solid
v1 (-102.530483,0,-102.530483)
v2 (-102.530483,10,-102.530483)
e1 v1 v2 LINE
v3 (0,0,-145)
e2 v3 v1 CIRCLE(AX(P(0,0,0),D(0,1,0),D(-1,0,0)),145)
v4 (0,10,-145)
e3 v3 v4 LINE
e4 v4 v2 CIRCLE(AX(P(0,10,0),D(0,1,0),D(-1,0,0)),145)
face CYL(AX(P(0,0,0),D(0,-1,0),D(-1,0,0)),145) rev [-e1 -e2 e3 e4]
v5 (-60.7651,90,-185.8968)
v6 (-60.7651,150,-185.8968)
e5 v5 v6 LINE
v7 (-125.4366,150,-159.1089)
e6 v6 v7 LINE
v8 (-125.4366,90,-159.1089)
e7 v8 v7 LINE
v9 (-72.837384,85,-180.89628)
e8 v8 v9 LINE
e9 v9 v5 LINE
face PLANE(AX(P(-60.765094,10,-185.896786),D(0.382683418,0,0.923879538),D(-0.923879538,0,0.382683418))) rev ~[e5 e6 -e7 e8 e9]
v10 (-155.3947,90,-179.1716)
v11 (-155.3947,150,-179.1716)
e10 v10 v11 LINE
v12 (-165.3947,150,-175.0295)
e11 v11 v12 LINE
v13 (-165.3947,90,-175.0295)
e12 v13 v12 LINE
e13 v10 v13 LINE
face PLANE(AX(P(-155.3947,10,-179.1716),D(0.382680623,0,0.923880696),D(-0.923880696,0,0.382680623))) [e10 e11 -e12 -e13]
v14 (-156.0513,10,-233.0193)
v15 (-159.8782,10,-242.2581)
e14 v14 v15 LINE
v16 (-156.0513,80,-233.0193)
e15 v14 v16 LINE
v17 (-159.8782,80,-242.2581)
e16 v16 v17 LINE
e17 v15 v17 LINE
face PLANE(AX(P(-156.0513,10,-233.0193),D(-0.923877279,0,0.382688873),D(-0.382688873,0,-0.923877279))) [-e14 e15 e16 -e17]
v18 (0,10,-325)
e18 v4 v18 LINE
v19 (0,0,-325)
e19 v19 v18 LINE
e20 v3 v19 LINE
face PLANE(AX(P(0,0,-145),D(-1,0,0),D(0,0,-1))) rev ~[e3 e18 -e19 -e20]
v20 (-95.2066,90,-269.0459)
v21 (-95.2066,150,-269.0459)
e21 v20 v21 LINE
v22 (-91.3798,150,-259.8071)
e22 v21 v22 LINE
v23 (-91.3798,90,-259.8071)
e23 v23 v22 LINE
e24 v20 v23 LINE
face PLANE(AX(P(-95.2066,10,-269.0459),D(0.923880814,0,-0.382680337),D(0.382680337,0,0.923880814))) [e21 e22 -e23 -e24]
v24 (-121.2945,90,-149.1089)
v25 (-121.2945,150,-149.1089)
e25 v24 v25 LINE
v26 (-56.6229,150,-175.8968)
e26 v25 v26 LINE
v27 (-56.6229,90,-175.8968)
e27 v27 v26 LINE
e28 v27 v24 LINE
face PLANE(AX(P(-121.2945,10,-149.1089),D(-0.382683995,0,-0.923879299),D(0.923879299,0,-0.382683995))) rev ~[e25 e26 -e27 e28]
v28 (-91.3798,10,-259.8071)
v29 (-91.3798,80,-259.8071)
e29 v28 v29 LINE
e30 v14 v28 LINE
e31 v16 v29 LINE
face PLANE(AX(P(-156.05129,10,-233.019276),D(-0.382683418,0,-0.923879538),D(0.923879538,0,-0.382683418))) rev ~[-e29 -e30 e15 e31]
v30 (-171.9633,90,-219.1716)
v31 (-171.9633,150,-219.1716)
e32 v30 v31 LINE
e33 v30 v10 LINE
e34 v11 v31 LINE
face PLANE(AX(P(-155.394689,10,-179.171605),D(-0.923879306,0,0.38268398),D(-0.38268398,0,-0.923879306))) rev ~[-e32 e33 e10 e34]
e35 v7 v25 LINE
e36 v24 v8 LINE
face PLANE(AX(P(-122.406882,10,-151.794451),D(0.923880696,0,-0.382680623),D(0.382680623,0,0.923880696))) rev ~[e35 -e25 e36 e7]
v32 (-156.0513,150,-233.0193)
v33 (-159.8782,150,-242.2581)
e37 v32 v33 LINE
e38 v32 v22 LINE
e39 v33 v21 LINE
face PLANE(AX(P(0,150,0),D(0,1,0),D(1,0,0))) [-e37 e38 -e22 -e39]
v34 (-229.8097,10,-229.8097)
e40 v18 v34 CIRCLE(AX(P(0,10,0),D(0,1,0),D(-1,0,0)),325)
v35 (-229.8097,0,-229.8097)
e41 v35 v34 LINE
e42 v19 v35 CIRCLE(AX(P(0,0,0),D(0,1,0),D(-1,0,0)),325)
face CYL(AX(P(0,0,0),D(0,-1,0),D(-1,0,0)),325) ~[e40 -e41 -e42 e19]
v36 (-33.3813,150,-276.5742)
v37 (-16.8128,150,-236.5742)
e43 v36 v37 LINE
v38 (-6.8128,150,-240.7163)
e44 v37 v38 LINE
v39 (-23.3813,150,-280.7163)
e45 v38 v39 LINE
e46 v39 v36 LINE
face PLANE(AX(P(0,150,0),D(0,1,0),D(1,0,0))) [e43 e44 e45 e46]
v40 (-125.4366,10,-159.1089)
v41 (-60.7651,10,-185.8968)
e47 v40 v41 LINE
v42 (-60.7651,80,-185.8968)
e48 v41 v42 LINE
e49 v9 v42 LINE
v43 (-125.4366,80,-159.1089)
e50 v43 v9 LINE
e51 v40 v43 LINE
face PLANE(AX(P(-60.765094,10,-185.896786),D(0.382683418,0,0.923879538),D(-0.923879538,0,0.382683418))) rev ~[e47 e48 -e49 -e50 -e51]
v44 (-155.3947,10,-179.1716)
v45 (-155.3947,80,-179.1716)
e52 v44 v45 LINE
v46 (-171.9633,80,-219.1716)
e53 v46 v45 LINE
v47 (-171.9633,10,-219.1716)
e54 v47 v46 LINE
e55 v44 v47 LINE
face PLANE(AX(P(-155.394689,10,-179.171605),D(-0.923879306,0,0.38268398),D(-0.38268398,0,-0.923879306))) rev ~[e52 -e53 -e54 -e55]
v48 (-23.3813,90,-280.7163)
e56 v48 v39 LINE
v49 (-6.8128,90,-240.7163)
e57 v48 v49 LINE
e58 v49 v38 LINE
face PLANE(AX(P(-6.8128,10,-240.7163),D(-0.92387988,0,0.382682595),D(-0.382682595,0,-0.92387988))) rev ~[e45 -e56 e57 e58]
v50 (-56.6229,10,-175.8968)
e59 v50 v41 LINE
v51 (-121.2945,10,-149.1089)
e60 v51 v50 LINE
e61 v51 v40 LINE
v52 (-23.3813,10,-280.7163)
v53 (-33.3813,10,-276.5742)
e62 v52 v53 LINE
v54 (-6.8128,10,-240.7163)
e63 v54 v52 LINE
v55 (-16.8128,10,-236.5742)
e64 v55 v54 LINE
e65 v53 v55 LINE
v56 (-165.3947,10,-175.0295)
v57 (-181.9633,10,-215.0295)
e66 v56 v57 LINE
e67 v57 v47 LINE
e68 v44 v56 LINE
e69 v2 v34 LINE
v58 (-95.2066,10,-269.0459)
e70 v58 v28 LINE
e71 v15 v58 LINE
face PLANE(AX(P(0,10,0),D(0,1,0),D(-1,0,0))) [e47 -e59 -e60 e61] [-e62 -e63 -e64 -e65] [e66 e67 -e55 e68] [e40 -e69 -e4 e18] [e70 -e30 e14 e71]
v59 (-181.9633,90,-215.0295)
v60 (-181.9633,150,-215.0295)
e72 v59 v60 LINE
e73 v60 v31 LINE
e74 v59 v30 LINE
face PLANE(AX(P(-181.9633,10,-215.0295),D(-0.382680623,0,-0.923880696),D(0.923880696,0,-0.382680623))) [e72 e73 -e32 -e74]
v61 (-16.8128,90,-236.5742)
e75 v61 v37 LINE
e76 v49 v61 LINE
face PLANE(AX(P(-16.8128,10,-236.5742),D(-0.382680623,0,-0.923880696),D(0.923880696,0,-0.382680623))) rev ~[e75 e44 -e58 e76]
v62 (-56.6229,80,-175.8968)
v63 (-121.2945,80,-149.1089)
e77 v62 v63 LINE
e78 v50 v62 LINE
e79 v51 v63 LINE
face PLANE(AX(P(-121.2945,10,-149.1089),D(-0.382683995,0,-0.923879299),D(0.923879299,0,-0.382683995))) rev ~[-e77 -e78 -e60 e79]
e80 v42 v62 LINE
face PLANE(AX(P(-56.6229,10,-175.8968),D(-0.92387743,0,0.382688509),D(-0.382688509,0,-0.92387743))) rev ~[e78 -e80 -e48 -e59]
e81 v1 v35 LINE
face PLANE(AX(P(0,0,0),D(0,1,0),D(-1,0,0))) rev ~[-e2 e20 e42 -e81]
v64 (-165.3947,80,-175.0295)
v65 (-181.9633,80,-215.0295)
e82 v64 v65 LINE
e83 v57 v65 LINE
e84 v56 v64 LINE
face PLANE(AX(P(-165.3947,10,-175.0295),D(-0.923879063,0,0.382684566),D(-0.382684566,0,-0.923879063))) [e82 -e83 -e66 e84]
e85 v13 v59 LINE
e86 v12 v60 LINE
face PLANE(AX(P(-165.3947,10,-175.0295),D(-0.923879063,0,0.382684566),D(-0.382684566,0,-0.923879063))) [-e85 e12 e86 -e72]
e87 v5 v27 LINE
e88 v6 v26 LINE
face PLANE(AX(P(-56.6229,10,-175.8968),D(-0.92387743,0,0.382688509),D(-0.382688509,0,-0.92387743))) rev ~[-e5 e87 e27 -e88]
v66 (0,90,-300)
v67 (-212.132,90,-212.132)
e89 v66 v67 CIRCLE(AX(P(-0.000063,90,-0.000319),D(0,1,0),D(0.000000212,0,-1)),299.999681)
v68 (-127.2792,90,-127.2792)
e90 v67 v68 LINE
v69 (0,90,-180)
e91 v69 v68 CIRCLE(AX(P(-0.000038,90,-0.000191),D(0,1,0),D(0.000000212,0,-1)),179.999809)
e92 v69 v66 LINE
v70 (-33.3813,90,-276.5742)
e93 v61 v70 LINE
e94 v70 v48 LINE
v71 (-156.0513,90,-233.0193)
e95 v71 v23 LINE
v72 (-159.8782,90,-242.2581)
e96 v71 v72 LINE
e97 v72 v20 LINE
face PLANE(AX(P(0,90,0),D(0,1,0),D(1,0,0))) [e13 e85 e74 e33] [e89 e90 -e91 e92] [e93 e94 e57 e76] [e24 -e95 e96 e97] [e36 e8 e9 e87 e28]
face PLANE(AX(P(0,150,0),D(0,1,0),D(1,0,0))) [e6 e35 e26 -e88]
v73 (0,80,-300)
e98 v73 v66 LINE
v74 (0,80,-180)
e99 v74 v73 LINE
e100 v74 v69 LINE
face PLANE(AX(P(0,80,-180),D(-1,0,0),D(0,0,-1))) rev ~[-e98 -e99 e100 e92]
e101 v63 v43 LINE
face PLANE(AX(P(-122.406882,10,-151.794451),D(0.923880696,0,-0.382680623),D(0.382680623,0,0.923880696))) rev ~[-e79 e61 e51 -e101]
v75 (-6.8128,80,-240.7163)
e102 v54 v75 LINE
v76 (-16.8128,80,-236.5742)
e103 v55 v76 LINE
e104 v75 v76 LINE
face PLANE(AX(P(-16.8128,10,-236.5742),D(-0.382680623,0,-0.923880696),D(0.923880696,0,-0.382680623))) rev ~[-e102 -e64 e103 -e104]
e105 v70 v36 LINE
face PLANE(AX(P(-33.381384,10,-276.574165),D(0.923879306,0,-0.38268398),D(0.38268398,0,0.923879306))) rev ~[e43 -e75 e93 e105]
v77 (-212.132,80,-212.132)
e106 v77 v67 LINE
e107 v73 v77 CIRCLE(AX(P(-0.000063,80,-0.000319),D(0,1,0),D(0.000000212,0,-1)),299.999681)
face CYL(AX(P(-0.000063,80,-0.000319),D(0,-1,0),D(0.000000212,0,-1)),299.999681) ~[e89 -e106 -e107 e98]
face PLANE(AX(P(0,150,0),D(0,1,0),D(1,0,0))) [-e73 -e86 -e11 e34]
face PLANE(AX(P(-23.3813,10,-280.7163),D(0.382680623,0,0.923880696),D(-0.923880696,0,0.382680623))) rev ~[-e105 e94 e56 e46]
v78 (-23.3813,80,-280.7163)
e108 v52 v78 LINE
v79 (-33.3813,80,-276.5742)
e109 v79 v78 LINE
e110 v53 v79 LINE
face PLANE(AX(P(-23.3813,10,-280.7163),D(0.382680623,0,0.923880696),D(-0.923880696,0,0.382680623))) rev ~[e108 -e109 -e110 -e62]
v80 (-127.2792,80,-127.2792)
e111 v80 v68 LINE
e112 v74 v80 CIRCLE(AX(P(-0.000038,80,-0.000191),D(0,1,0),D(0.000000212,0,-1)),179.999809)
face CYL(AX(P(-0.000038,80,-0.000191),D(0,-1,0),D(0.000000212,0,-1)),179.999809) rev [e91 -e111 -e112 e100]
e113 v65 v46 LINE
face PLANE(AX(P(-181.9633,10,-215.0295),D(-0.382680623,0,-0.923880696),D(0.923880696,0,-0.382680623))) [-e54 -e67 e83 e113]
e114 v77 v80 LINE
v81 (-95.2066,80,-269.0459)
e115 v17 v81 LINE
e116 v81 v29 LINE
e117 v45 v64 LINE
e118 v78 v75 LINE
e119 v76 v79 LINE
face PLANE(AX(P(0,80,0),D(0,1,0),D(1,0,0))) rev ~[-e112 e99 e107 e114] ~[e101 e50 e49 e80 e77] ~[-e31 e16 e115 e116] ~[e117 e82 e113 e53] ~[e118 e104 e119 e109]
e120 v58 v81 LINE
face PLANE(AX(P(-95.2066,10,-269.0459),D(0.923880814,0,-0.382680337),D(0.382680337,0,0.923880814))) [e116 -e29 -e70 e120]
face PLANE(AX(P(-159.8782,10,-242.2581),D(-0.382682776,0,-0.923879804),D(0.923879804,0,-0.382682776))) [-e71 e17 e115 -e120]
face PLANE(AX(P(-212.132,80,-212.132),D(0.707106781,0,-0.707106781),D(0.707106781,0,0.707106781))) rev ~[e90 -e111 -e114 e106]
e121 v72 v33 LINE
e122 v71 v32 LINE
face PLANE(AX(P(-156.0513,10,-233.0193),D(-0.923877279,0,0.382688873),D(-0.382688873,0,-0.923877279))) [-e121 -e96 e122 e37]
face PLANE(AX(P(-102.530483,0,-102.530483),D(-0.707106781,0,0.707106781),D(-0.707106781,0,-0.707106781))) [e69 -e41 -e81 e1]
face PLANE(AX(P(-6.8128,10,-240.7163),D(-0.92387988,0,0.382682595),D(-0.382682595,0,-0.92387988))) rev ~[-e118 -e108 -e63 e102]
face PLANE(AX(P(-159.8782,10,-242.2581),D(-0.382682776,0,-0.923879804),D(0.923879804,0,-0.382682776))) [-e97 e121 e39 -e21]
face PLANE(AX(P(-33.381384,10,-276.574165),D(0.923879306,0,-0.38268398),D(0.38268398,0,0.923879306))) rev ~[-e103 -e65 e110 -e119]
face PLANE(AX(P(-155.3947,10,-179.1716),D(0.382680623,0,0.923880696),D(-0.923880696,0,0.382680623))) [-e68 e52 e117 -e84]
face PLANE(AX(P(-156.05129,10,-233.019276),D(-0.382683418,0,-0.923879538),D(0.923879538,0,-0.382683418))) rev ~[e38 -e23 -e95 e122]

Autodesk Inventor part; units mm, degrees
ref_plane "YZ Plane" through (0, 0, 0) normal (1, 0, 0) x (0, 1, 0)
ref_plane "XZ Plane" through (0, 0, 0) normal (0, 1, 0) x (-1, 0, 0)
ref_plane "XY Plane" through (0, 0, 0) normal (0, 0, 1) x (1, 0, 0)
sketch "Sketch1" plane through (0, 0, 0) normal (0, 1, 0) x (-1, 0, 0)
  circle A0 centre (0, 0) radius 145
  circle A1 centre (0, 0) radius 325
  line L0 (0, 0) -> (325, 0)
  line L1 (0, 0) -> (0, -325)
  line L2 (0, 0) -> (229.8097, -229.8097)
  line L3 (229.8097, -229.8097) -> (0, -145) construction
  line L4 (9.0406, -217.8104) -> (147.6225, -160.4079)
  line L5 (147.6225, -160.4079) -> (178.2372, -234.3183)
  line L6 (178.2372, -234.3183) -> (39.6553, -291.7208)
  line L7 (39.6553, -291.7208) -> (9.0406, -217.8104)
  line L8 (102.5305, -102.5305) -> (-3.7965, -324.9778) construction
  circle A2 centre (0, 0) radius 306.4883 construction
  line L9 (178.2372, -234.3183) -> (9.0406, -217.8104) construction
  line L10 (147.6225, -160.4079) -> (39.6553, -291.7208) construction
  line L11 (93.6389, -226.0643) -> (108.9463, -263.0195) construction
  line L12 (0, 0) -> (124.3721, -300.2608) construction
  line L13 (217.8104, -9.0406) -> (291.7208, -39.6553)
  line L14 (160.4079, -147.6225) -> (217.8104, -9.0406)
  line L15 (234.3183, -178.2372) -> (160.4079, -147.6225)
  line L16 (291.7208, -39.6553) -> (234.3183, -178.2372)
  line L17 (160.4079, 147.6225) -> (234.3183, 178.2372)
  line L18 (217.8104, 9.0406) -> (160.4079, 147.6225)
  line L19 (291.7208, 39.6553) -> (217.8104, 9.0406)
  line L20 (234.3183, 178.2372) -> (291.7208, 39.6553)
  line L21 (9.0406, 217.8104) -> (39.6553, 291.7208)
  line L22 (147.6225, 160.4079) -> (9.0406, 217.8104)
  line L23 (178.2372, 234.3183) -> (147.6225, 160.4079)
  line L24 (39.6553, 291.7208) -> (178.2372, 234.3183)
  line L25 (-147.6225, 160.4079) -> (-178.2372, 234.3183)
  line L26 (-9.0406, 217.8104) -> (-147.6225, 160.4079)
  line L27 (-39.6553, 291.7208) -> (-9.0406, 217.8104)
  line L28 (-178.2372, 234.3183) -> (-39.6553, 291.7208)
  line L29 (-217.8104, 9.0406) -> (-291.7208, 39.6553)
  line L30 (-160.4079, 147.6225) -> (-217.8104, 9.0406)
  line L31 (-234.3183, 178.2372) -> (-160.4079, 147.6225)
  line L32 (-291.7208, 39.6553) -> (-234.3183, 178.2372)
  line L33 (-160.4079, -147.6225) -> (-234.3183, -178.2372)
  line L34 (-217.8104, -9.0406) -> (-160.4079, -147.6225)
  line L35 (-291.7208, -39.6553) -> (-217.8104, -9.0406)
  line L36 (-234.3183, -178.2372) -> (-291.7208, -39.6553)
  line L37 (-9.0406, -217.8104) -> (-39.6553, -291.7208)
  line L38 (-147.6225, -160.4079) -> (-9.0406, -217.8104)
  line L39 (-178.2372, -234.3183) -> (-147.6225, -160.4079)
  line L40 (-39.6553, -291.7208) -> (-178.2372, -234.3183)
  circle A3 centre (0, 0) radius 235 construction
  point P0 (263.0195, -108.9463)
  point P1 (263.0195, 108.9463)
  point P2 (108.9463, 263.0195)
  point P3 (-108.9463, 263.0195)
  point P4 (-263.0195, 108.9463)
  point P5 (-263.0195, -108.9463)
  point P6 (-108.9463, -263.0195)
  dimension "d1" = 180
  dimension "d3" = 45
  dimension "d4" = 650
  dimension "d11" = 150
  dimension "d12" = 80
  dimension "d13" = 22.5
  dimension "d16" = 360
  dimension "d18" = 90
extrude "Extrusion1" add sketch "Sketch1" along normal blind 10 contours A0 L2 A1 L1 | L4 L5 L6 L7
sketch "Sketch2" plane through (0, 10, 0) normal (0, 1, 0) x (1, 0, 0)
  circle A0 centre (0, 0) radius 325
  circle A1 centre (0, 0) radius 145
  line L0 (0, 0) -> (-325, 0)
  line L1 (0, 145) -> (0, 325) projected
  line L2 (0, 0) -> (0, 325)
  arc A2 (0, 325) -> (-229.8097, 229.8097) centre (0, 0) ccw projected
  line L3 (0, 0) -> (-229.8097, 229.8097)
  circle A3 centre (0, 0) radius 235 construction
  line L4 (0, 0) -> (-124.3721, 300.2608) construction
  line L5 (-5.3323, 208.8578) -> (-143.9142, 151.4553)
  line L6 (-143.9142, 151.4553) -> (-174.5289, 225.3656)
  line L7 (-174.5289, 225.3656) -> (-35.947, 282.7681)
  line L8 (-35.947, 282.7681) -> (-5.3323, 208.8578)
  line L9 (-5.3323, 208.8578) -> (-174.5289, 225.3656) construction
  line L10 (-143.9142, 151.4553) -> (-35.947, 282.7681) construction
  circle A4 centre (0, 0) radius 195
  line L11 (-208.8578, 5.3323) -> (-282.7681, 35.947)
  line L12 (-151.4553, 143.9142) -> (-208.8578, 5.3323)
  line L13 (-225.3656, 174.5289) -> (-151.4553, 143.9142)
  line L14 (-282.7681, 35.947) -> (-225.3656, 174.5289)
  line L15 (-208.8578, 5.3323) -> (-225.3656, 174.5289) construction
  line L16 (-151.4553, 143.9142) -> (-282.7681, 35.947) construction
  line L17 (-151.4553, -143.9142) -> (-225.3656, -174.5289)
  line L18 (-208.8578, -5.3323) -> (-151.4553, -143.9142)
  line L19 (-282.7681, -35.947) -> (-208.8578, -5.3323)
  line L20 (-225.3656, -174.5289) -> (-282.7681, -35.947)
  line L21 (-151.4553, -143.9142) -> (-282.7681, -35.947) construction
  line L22 (-208.8578, -5.3323) -> (-225.3656, -174.5289) construction
  line L23 (-5.3323, -208.8578) -> (-35.947, -282.7681)
  line L24 (-143.9142, -151.4553) -> (-5.3323, -208.8578)
  line L25 (-174.5289, -225.3656) -> (-143.9142, -151.4553)
  line L26 (-35.947, -282.7681) -> (-174.5289, -225.3656)
  line L27 (-5.3323, -208.8578) -> (-174.5289, -225.3656) construction
  line L28 (-143.9142, -151.4553) -> (-35.947, -282.7681) construction
  line L29 (143.9142, -151.4553) -> (174.5289, -225.3656)
  line L30 (5.3323, -208.8578) -> (143.9142, -151.4553)
  line L31 (35.947, -282.7681) -> (5.3323, -208.8578)
  line L32 (174.5289, -225.3656) -> (35.947, -282.7681)
  line L33 (143.9142, -151.4553) -> (35.947, -282.7681) construction
  line L34 (5.3323, -208.8578) -> (174.5289, -225.3656) construction
  line L35 (208.8578, -5.3323) -> (282.7681, -35.947)
  line L36 (151.4553, -143.9142) -> (208.8578, -5.3323)
  line L37 (225.3656, -174.5289) -> (151.4553, -143.9142)
  line L38 (282.7681, -35.947) -> (225.3656, -174.5289)
  line L39 (208.8578, -5.3323) -> (225.3656, -174.5289) construction
  line L40 (151.4553, -143.9142) -> (282.7681, -35.947) construction
  line L41 (151.4553, 143.9142) -> (225.3656, 174.5289)
  line L42 (208.8578, 5.3323) -> (151.4553, 143.9142)
  line L43 (282.7681, 35.947) -> (208.8578, 5.3323)
  line L44 (225.3656, 174.5289) -> (282.7681, 35.947)
  line L45 (151.4553, 143.9142) -> (282.7681, 35.947) construction
  line L46 (208.8578, 5.3323) -> (225.3656, 174.5289) construction
  line L47 (5.3323, 208.8578) -> (35.947, 282.7681)
  line L48 (143.9142, 151.4553) -> (5.3323, 208.8578)
  line L49 (174.5289, 225.3656) -> (143.9142, 151.4553)
  line L50 (35.947, 282.7681) -> (174.5289, 225.3656)
  line L51 (5.3323, 208.8578) -> (174.5289, 225.3656) construction
  line L52 (143.9142, 151.4553) -> (35.947, 282.7681) construction
  line L53 (-155.3947, 179.1716) -> (-165.3947, 175.0295)
  line L54 (-165.3947, 175.0295) -> (-181.9633, 215.0295)
  line L55 (-181.9633, 215.0295) -> (-171.9633, 219.1716)
  line L56 (-171.9633, 219.1716) -> (-155.3947, 179.1716)
  line L57 (-155.3947, 179.1716) -> (-181.9633, 215.0295) construction
  line L58 (-165.3947, 175.0295) -> (-171.9633, 219.1716) construction
  line L59 (-16.8128, 236.5742) -> (-6.8128, 240.7163)
  line L60 (-6.8128, 240.7163) -> (-23.3813, 280.7163)
  line L61 (-23.3813, 280.7163) -> (-33.3813, 276.5742)
  line L62 (-16.8128, 236.5742) -> (-23.3813, 280.7163) construction
  line L63 (-6.8128, 240.7163) -> (-33.3813, 276.5742) construction
  line L64 (-60.7651, 185.8968) -> (-125.4366, 159.1089)
  line L65 (-125.4366, 159.1089) -> (-121.2945, 149.1089)
  line L66 (-121.2945, 149.1089) -> (-56.6229, 175.8968)
  line L67 (-56.6229, 175.8968) -> (-60.7651, 185.8968)
  line L68 (-60.7651, 185.8968) -> (-121.2945, 149.1089) construction
  line L69 (-125.4366, 159.1089) -> (-56.6229, 175.8968) construction
  line L70 (-91.3798, 259.8071) -> (-156.0513, 233.0193)
  line L71 (-156.0513, 233.0193) -> (-159.8782, 242.2581)
  line L72 (-159.8782, 242.2581) -> (-95.2066, 269.0459)
  line L73 (-95.2066, 269.0459) -> (-91.3798, 259.8071)
  point P0 (-89.9306, 217.1117)
  point P1 (-217.1117, 89.9306)
  point P2 (-217.1117, -89.9306)
  point P3 (-89.9306, -217.1117)
  point P4 (89.9306, -217.1117)
  point P5 (217.1117, -89.9306)
  point P6 (217.1117, 89.9306)
  point P7 (89.9306, 217.1117)
  point P8 (-68.8241, 166.1562)
  point P9 (-33.3813, 276.5742)
  point P10 (-16.8128, 236.5742)
  point P11 (-155.3947, 179.1716)
  point P12 (-60.7651, 185.8968)
  point P13 (-125.4366, 159.1089)
  point P14 (-156.0513, 233.0193)
  point P15 (-91.3798, 259.8071)
  dimension "d22" = 180
  dimension "d23" = 650
  dimension "d24" = 90
  dimension "d25" = 80
  dimension "d26" = 150
  dimension "d27" = 50
  dimension "d30" = 360
  dimension "d32" = 40
  dimension "d33" = 10
  dimension "d34" = 10
  dimension "d39" = 30
  dimension "d40" = 20
  dimension "d46" = 10
  dimension "d47" = 70
  dimension "d48" = 20
  dimension "d49" = 70
extrude "Extrusion2" add sketch "Sketch2" along normal blind 140 contours L67 L66 L65 A4 | A4 L5 L67 | L65 L5 A4 | L8 L61 L60 L59 | L53 L54 L55 L6 | L7 L71 L72 L73
ref_plane "Work Plane1" through (0, 80, 0) normal (0, 1, 0) x (1, 0, 0)
sketch "Sketch4" plane through (0, 80, 0) normal (0, 1, 0) x (1, 0, 0)
  line L0 (-23.3813, 280.7163) -> (-6.8128, 240.7163) projected
  line L1 (-6.8128, 240.7163) -> (-16.8128, 236.5742) projected
  line L2 (-16.8128, 236.5742) -> (-33.3813, 276.5742) projected
  line L3 (-33.3813, 276.5742) -> (-23.3813, 280.7163) projected
  line L4 (-165.3947, 175.0295) -> (-181.9633, 215.0295) projected
  line L5 (-181.9633, 215.0295) -> (-171.9633, 219.1716) projected
  line L6 (-171.9633, 219.1716) -> (-155.3947, 179.1716) projected
  line L7 (-155.3947, 179.1716) -> (-165.3947, 175.0295) projected
  line L8 (-56.6229, 175.8968) -> (-121.2945, 149.1089) projected
  line L9 (-121.2945, 149.1089) -> (-125.4366, 159.1089) projected
  line L10 (-125.4366, 159.1089) -> (-60.7651, 185.8968) projected
  line L11 (-60.7651, 185.8968) -> (-56.6229, 175.8968) projected
  arc A0 (0, 145) -> (-102.5305, 102.5305) centre (0, 0) ccw projected
  line L12 (0, 145) -> (0, 325) projected
  arc A1 (0, 325) -> (-229.8097, 229.8097) centre (0, 0) ccw projected
  line L13 (-229.8097, 229.8097) -> (-102.5305, 102.5305) projected
  arc A2 (0, 180) -> (-127.2792, 127.2792) centre (0, 0) ccw
  arc A3 (0, 300) -> (-212.132, 212.132) centre (0, 0) ccw
  dimension "d44" = 35
  dimension "d50" = 25
extrude "Extrusion3" add sketch "Sketch4" along normal blind 10 contours A2 L13 A3 L12
properties part number "Carousel Container Plate" material "PLA Plastic"
